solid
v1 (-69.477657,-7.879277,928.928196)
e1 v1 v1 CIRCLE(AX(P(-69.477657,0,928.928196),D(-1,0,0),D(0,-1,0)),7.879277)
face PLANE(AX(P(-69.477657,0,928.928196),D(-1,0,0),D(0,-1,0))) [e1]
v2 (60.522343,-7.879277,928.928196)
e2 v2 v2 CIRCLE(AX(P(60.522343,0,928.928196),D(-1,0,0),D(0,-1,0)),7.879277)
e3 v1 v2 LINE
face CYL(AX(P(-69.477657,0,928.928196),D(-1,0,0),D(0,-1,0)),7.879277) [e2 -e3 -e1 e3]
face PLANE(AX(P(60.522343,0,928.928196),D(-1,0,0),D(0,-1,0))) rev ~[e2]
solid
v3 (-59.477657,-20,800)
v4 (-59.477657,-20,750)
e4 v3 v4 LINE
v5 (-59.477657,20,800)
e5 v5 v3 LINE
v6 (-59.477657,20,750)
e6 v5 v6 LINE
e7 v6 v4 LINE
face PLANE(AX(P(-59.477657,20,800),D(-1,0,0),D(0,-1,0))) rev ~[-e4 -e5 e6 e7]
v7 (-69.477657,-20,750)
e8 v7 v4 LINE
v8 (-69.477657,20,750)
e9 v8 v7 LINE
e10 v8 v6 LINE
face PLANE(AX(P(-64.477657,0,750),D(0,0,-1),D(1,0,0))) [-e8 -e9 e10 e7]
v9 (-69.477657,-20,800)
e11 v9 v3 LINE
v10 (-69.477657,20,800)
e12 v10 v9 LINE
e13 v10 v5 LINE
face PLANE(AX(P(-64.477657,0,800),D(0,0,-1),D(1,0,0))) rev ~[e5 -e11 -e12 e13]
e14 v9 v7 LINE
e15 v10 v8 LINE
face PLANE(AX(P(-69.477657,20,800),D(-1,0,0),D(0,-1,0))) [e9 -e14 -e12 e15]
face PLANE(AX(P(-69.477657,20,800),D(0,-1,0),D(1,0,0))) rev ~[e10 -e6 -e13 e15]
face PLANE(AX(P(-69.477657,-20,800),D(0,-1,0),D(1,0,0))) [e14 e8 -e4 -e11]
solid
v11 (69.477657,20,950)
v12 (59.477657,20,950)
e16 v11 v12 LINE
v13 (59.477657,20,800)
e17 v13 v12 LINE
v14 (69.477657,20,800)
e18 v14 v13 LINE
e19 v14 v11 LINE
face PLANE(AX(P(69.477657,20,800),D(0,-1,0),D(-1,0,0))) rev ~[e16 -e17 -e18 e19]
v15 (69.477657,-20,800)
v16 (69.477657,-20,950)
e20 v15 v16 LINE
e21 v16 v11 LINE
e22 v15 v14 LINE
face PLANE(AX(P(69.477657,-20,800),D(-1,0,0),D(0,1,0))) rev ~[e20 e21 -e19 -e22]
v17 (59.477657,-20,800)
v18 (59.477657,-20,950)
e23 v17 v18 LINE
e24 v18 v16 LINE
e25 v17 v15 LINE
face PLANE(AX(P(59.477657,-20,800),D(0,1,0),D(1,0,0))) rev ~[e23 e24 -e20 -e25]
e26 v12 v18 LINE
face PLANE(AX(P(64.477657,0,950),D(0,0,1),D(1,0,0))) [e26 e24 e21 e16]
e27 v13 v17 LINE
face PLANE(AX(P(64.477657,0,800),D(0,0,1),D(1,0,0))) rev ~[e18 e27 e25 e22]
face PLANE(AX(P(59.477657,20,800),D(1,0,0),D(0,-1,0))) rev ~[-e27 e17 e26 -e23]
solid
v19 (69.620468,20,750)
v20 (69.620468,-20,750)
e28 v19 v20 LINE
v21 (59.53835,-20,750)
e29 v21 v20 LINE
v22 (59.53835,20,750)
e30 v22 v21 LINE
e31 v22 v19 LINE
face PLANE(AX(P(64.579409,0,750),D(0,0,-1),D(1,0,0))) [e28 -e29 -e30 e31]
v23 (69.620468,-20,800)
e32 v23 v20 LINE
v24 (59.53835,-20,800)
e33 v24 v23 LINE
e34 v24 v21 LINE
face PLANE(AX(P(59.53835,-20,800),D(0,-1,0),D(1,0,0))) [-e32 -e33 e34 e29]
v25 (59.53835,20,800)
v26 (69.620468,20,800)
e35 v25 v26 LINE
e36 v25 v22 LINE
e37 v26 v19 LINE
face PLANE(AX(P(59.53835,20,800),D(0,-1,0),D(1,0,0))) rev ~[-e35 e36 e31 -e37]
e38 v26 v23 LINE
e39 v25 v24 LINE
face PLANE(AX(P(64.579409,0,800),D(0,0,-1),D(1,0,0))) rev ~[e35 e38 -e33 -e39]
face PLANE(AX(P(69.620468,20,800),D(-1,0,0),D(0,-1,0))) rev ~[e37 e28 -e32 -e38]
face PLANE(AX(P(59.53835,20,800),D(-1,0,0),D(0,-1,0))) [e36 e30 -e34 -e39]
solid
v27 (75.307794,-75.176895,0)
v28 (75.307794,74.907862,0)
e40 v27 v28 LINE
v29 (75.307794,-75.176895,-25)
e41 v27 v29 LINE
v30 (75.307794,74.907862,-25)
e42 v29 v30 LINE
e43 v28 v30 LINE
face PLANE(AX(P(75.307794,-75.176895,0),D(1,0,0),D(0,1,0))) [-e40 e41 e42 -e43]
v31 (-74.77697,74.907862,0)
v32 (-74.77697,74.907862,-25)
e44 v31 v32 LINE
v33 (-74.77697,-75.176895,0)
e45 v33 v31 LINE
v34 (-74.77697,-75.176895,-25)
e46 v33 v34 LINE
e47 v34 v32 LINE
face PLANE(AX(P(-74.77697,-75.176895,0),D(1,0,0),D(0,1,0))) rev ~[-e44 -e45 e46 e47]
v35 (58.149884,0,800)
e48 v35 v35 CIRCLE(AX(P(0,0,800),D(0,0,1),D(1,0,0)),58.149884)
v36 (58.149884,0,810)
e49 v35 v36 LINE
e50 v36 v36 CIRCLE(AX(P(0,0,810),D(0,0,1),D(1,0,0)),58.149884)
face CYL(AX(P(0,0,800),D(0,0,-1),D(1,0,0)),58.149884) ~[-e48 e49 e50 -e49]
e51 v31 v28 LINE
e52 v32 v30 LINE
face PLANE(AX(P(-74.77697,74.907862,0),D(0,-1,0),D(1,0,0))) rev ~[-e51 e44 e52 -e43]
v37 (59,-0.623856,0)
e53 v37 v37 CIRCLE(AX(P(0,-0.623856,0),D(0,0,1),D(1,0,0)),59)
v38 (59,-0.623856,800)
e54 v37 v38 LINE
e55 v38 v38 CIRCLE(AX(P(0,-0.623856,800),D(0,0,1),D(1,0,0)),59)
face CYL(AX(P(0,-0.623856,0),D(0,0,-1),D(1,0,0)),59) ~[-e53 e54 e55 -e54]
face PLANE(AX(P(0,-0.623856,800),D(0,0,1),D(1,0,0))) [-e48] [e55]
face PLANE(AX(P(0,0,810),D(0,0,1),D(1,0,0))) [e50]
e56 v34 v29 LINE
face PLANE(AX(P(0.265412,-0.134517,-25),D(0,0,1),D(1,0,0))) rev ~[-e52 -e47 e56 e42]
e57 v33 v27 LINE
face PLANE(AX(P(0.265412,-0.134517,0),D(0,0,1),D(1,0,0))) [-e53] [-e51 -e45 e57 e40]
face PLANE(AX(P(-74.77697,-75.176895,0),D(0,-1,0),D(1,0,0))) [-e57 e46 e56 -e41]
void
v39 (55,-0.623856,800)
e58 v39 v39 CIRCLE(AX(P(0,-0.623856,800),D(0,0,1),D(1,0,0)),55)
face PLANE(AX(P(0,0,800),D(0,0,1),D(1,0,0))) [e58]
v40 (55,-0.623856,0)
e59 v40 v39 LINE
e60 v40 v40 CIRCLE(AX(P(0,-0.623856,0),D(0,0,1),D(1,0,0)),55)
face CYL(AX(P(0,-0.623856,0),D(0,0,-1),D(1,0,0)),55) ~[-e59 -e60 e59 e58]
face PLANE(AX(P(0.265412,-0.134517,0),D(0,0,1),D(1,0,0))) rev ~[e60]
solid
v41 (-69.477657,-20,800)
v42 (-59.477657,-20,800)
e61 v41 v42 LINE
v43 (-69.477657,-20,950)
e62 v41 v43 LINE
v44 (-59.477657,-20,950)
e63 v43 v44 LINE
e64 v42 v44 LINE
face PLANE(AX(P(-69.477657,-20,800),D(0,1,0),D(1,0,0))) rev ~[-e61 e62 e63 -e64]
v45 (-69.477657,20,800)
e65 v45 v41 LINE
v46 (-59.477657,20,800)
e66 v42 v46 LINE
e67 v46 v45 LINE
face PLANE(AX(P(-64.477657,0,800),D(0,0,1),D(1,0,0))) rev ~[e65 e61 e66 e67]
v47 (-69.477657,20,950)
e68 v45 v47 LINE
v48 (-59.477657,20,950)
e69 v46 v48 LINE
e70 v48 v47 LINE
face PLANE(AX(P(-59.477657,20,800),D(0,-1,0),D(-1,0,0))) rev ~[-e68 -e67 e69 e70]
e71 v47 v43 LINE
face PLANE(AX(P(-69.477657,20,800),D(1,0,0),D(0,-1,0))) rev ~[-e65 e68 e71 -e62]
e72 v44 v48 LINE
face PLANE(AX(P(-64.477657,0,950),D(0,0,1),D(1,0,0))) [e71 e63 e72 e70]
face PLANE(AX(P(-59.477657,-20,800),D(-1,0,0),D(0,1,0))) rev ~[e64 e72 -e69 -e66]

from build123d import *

# Parameters (mm, degrees)
F1_R      = 59
F1_R_2    = 55
F2_DEPTH  = 800
F5_DEPTH  = 150
F6_R      = 7.8792773039
F7_DEPTH  = 130
F8_W      = 150.0847637653
F8_H      = 150.0847563148
F9_DEPTH  = 25
F10_R     = 58.1498835162
F11_DEPTH = 10
F12_W     = 10
F12_H     = 40
F13_DEPTH = 50
F12_W_2   = 10.0821182132


with BuildPart() as f2:
    # F1 (on face) → F2 (new body)
    with BuildSketch(Plane.XY):
        with Locations((0, -0.623856195)):
            Circle(F1_R)
        with Locations((0, -0.623856195)):
            Circle(F1_R_2, mode=Mode.SUBTRACT)
    extrude(amount=F2_DEPTH)

    # F8 (on Top) → F9 (join)
    with BuildSketch(Plane.XY):
        with Locations((0.2654120326, -0.1345165074)):
            Rectangle(F8_W, F8_H)
    extrude(amount=-F9_DEPTH)

    # F10 (on face) → F11 (join)
    with BuildSketch(Plane.XY.offset(800)):
        Circle(F10_R)
    extrude(amount=F11_DEPTH)


with BuildPart() as f5:
    # F4 (on face) → F5 (new body)
    with BuildSketch(Plane.XY.offset(800)):
        Polygon((59.4776570797, 20), (59.4776570797, 0), (59.4776570797, -20), (69.4776570797, -20), (69.4776570797, 20), align=None)
    extrude(amount=F5_DEPTH)


with BuildPart() as f5b:
    # F4 (on face) → F5, piece 2 (new body)
    with BuildSketch(Plane.XY.offset(800)):
        Polygon((-59.4776570797, -20), (-59.4776570797, 0), (-59.4776570797, 20), (-69.4776570797, 20), (-69.4776570797, -20), align=None)
    extrude(amount=F5_DEPTH)


with BuildPart() as f7:
    # F6 (on face) → F7 (new body)
    with BuildSketch(Plane(origin=(-69.4776570797, 0, 0), x_dir=(0, -1, 0), z_dir=(-1, 0, 0))):
        with Locations((0, 928.9281964302)):
            Circle(F6_R)
    extrude(amount=-F7_DEPTH)


with BuildPart() as f13:
    # F12 (on face) → F13 (new body)
    with BuildSketch(Plane(origin=(0, 0, 800), x_dir=(1, 0, 0), z_dir=(0, 0, -1))):
        with Locations((-64.4776570797, 0)):
            Rectangle(F12_W, F12_H)
    extrude(amount=F13_DEPTH)


with BuildPart() as f13b:
    # F12 (on face) → F13, piece 2 (new body)
    with BuildSketch(Plane(origin=(0, 0, 800), x_dir=(1, 0, 0), z_dir=(0, 0, -1))):
        with Locations((64.5794086158, 0)):
            Rectangle(F12_W_2, F12_H)
    extrude(amount=F13_DEPTH)


solid = Compound([f2.part, f5.part, f5b.part, f7.part, f13.part, f13b.part])
